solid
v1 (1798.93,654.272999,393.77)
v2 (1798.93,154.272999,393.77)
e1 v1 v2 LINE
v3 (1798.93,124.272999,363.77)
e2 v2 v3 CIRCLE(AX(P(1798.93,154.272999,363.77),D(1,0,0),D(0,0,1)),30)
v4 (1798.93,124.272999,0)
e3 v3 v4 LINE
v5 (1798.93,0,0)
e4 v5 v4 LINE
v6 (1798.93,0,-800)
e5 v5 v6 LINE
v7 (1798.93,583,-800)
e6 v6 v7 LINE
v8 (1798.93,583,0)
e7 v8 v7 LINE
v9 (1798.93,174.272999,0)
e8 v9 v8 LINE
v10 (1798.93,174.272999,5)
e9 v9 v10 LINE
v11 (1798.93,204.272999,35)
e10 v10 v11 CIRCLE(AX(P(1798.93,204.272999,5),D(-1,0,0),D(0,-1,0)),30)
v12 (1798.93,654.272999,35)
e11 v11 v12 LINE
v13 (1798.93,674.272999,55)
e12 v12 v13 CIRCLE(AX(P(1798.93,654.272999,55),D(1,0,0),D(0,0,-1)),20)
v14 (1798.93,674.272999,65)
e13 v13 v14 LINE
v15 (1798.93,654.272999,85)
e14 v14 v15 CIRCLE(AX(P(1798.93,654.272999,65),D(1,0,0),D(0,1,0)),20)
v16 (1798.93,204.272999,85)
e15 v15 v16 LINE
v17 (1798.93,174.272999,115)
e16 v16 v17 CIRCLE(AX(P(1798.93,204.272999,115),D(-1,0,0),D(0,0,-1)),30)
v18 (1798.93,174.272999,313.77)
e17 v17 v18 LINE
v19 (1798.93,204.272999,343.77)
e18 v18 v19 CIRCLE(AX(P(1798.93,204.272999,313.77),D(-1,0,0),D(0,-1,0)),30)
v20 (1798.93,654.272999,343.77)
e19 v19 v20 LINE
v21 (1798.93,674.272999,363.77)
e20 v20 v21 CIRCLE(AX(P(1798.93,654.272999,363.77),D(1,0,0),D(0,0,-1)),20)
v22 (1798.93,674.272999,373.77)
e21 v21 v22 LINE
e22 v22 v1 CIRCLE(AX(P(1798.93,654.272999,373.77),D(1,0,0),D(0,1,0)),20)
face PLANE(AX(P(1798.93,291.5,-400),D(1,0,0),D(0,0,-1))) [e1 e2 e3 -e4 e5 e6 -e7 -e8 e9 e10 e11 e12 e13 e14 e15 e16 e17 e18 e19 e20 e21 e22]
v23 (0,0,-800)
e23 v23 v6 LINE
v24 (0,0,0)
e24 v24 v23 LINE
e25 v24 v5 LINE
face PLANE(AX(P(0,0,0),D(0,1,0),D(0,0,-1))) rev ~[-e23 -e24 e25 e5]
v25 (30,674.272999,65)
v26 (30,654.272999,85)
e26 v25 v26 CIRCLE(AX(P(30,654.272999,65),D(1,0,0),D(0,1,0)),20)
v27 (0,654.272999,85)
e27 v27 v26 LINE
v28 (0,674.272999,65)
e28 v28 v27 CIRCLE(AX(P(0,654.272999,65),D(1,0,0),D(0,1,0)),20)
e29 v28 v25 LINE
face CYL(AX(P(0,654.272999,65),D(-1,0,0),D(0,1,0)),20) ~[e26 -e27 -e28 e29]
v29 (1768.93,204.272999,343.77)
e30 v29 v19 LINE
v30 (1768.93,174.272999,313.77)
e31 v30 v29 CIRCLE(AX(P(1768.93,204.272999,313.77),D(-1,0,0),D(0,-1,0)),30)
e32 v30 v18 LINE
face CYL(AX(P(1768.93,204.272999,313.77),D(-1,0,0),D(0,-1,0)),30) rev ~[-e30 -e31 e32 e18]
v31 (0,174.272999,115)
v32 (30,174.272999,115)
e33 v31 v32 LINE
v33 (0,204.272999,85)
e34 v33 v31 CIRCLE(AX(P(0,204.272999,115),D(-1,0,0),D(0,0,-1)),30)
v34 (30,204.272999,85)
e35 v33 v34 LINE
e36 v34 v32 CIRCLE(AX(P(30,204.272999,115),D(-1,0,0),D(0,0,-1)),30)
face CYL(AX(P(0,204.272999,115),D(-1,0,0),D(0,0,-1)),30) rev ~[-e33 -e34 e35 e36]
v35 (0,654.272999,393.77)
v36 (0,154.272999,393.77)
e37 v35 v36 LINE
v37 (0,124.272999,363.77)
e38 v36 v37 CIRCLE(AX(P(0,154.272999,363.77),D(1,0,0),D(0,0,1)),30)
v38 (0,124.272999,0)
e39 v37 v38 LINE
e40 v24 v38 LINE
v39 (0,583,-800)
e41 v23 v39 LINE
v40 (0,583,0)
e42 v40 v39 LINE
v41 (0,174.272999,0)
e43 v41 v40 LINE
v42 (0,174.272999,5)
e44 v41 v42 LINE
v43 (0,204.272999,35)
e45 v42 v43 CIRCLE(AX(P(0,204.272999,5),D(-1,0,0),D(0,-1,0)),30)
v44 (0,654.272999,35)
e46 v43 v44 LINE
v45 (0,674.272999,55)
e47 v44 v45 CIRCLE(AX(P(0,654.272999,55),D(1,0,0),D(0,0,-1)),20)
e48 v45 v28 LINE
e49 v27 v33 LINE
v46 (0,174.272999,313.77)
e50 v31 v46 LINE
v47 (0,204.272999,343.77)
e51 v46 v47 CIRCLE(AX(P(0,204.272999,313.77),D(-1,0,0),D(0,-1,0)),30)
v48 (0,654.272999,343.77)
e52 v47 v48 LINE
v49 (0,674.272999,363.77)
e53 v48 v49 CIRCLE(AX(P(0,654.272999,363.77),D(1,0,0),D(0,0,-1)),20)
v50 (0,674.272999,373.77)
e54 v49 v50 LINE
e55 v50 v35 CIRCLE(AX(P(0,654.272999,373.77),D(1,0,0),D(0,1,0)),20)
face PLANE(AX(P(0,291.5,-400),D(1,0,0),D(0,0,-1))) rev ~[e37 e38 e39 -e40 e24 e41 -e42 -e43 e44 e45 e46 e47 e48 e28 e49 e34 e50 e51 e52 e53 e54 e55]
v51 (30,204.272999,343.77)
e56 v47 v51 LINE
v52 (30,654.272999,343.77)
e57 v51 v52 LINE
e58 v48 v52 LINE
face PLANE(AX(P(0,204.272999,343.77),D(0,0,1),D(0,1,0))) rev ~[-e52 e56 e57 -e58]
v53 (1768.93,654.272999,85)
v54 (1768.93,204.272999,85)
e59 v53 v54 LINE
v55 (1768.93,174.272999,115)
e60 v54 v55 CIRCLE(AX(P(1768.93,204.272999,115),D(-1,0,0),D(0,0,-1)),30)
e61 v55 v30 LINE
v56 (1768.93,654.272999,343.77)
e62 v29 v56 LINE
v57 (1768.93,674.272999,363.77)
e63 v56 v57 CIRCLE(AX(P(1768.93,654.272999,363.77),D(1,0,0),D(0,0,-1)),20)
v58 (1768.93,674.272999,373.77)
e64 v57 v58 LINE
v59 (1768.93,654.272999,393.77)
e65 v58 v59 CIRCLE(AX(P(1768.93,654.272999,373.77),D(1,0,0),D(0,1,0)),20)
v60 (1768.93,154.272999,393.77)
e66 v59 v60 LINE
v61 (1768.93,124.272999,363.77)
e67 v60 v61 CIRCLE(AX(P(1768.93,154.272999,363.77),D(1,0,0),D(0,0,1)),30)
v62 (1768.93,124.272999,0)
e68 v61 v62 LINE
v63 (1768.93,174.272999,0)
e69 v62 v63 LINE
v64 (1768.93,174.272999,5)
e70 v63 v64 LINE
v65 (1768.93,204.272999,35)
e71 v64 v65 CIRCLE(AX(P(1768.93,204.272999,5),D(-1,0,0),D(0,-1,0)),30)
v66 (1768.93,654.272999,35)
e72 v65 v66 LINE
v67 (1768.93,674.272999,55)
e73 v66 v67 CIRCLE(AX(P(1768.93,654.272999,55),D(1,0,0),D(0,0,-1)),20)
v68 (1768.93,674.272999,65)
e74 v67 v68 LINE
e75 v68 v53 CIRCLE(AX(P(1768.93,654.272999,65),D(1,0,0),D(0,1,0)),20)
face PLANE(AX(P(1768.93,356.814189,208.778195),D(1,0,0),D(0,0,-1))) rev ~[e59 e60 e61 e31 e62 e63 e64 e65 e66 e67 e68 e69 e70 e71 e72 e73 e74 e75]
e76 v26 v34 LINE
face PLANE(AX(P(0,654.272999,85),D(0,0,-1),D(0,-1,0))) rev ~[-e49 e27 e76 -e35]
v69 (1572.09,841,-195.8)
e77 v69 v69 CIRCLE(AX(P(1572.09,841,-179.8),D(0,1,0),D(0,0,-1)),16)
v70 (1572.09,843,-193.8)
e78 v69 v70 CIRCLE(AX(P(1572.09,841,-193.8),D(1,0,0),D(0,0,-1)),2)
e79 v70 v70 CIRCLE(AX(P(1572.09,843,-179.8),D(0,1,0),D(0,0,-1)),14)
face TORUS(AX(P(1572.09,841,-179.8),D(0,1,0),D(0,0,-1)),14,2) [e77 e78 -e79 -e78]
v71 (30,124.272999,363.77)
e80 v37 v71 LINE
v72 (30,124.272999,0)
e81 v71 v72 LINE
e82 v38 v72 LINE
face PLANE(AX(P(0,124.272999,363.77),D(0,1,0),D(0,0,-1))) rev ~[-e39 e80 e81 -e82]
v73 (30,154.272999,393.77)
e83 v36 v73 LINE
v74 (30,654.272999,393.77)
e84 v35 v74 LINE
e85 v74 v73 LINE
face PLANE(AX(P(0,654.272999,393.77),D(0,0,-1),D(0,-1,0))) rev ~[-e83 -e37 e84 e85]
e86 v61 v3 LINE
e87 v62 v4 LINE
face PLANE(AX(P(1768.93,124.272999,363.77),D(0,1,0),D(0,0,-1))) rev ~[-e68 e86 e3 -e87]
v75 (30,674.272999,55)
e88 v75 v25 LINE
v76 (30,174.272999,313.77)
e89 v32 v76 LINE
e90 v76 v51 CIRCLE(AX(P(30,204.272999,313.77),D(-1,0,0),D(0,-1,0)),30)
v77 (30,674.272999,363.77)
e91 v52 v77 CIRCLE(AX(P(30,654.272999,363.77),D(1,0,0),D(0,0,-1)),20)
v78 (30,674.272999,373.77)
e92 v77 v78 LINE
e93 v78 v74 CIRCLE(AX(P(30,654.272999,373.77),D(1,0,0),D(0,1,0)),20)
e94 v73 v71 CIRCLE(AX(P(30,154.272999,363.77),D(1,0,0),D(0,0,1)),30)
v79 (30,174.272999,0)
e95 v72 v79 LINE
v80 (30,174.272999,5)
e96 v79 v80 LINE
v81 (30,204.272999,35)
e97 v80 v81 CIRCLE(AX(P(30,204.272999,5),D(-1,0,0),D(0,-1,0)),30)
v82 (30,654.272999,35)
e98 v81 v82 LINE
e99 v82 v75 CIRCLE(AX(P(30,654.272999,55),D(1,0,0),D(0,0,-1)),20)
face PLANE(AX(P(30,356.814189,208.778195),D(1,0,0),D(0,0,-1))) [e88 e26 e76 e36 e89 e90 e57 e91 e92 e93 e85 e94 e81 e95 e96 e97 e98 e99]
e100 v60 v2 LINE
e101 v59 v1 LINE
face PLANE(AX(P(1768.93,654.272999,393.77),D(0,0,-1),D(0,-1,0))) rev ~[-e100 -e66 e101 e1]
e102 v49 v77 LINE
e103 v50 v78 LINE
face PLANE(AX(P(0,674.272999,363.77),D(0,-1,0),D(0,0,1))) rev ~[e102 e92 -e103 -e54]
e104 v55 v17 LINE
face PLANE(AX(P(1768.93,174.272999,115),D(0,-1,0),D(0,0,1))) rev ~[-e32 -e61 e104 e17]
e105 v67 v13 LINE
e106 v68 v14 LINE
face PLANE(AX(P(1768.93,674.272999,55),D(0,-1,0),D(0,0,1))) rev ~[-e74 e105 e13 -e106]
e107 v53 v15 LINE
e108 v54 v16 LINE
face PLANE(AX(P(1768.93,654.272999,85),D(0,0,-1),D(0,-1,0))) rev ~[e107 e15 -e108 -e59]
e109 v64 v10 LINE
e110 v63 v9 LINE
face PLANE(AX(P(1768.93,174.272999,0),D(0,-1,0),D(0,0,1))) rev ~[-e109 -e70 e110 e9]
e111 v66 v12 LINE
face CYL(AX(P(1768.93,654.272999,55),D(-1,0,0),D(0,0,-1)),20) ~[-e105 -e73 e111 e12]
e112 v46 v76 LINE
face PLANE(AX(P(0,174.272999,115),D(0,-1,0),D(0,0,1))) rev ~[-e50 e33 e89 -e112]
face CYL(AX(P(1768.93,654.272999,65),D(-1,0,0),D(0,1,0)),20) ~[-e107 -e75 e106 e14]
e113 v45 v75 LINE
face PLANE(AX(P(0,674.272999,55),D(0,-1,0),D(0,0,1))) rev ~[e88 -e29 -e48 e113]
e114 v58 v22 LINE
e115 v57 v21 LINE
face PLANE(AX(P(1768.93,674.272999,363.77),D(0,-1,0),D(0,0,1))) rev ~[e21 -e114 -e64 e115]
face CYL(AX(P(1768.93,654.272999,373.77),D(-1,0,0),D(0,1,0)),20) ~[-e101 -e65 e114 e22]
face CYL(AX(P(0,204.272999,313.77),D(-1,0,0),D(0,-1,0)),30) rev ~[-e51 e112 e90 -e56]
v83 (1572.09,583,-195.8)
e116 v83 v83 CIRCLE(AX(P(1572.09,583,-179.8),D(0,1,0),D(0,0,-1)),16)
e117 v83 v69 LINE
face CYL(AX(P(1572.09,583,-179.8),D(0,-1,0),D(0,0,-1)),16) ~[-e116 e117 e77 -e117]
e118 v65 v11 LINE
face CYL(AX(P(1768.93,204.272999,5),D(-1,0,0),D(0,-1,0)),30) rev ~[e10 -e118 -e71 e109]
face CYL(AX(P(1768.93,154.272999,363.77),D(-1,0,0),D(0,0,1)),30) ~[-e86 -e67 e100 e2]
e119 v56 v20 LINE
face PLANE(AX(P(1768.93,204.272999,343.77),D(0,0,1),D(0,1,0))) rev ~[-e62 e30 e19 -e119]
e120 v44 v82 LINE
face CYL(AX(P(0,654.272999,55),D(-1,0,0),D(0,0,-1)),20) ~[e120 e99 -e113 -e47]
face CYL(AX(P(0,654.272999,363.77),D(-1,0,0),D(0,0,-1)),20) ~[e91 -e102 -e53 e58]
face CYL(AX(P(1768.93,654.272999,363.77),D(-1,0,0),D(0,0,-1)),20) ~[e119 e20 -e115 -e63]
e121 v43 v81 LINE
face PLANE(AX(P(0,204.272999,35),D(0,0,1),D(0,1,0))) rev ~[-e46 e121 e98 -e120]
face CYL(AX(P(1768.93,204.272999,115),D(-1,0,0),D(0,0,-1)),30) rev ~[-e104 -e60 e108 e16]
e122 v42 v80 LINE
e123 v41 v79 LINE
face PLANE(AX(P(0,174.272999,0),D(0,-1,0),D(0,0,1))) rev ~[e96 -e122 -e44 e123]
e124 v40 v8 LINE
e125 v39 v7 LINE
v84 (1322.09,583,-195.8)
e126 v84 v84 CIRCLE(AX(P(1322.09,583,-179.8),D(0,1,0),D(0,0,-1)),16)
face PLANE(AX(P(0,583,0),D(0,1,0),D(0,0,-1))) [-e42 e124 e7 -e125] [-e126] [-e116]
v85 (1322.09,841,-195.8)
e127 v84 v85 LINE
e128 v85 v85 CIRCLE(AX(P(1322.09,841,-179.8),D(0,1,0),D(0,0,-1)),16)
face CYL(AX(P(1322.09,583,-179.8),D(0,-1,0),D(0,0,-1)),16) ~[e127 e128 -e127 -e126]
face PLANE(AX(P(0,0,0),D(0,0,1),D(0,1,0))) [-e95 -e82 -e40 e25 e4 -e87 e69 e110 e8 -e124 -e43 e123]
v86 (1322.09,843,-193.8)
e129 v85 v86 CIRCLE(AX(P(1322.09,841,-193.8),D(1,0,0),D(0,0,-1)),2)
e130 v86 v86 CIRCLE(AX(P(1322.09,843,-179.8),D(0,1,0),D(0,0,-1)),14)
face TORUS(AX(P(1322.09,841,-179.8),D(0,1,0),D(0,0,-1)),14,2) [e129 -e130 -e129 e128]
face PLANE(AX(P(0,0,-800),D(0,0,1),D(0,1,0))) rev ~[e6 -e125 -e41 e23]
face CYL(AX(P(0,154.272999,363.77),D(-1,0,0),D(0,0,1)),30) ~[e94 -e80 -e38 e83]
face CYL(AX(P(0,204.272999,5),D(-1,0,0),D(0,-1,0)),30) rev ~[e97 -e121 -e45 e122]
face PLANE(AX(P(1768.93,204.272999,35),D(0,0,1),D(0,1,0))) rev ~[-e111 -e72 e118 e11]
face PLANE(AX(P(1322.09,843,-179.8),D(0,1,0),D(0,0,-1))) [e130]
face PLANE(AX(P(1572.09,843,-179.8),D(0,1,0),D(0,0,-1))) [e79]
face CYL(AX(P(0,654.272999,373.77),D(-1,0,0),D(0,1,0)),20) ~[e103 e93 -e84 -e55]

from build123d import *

# Parameters (mm, degrees)
SKETCH1_W           = 800
SKETCH1_H           = 583
BOSS_EXTRUDE1_DEPTH = 1798.93
SKETCH2_R           = 16
BOSS_EXTRUDE2_DEPTH = 260
LPATTERN1_COUNT     = 2
LPATTERN1_PITCH     = 250
BOSS_EXTRUDE4_DEPTH = 30
LPATTERN3_COUNT     = 2
LPATTERN3_PITCH     = 1768.93
FILLET1_R           = 2


with BuildPart() as part:
    # Sketch1 → Boss-Extrude1 (new body)
    with BuildSketch(Plane(origin=(0, 0, 0), x_dir=(0, 0, -1), z_dir=(1, 0, 0))):
        with Locations((400, 291.5)):
            Rectangle(SKETCH1_W, SKETCH1_H)
    extrude(amount=BOSS_EXTRUDE1_DEPTH)

    # Sketch2 → Boss-Extrude2 (add)
    with BuildSketch(Plane(origin=(0, 583, 0), x_dir=(1, 0, 0), z_dir=(0, 1, 0))):
        with Locations(Location((1572.09, 179.8, 0), (0, 0, 90))):
            Circle(SKETCH2_R)
    boss_extrude2 = extrude(amount=BOSS_EXTRUDE2_DEPTH)

    # LPattern1: Boss-Extrude2 ×2
    with Locations(*[(-i * LPATTERN1_PITCH, 0, 0) for i in range(1, LPATTERN1_COUNT)]):
        add(boss_extrude2)

    # Sketch3 → Boss-Extrude4 (add)
    with BuildSketch(Plane.ZY):
        with BuildLine():
            Line((0, 174.272998957), (5, 174.272998957))
            ThreePointArc((5, 174.272998957), (26.213203436, 183.059795522), (35, 204.272998957))
            Line((35, 204.272998957), (35, 654.272998957))
            ThreePointArc((35, 654.272998957), (40.857864376, 668.415134581), (55, 674.272998957))
            Line((55, 674.272998957), (65, 674.272998957))
            ThreePointArc((65, 674.272998957), (79.142135624, 668.415134581), (85, 654.272998957))
            Line((85, 654.272998957), (85, 204.272998957))
            ThreePointArc((85, 204.272998957), (93.786796564, 183.059795522), (115, 174.272998957))
            Line((115, 174.272998957), (313.77, 174.272998957))
            ThreePointArc((313.77, 174.272998957), (334.983203436, 183.059795522), (343.77, 204.272998957))
            Line((343.77, 204.272998957), (343.77, 654.272998957))
            ThreePointArc((343.77, 654.272998957), (349.627864376, 668.415134581), (363.77, 674.272998957))
            Line((363.77, 674.272998957), (373.77, 674.272998957))
            ThreePointArc((373.77, 674.272998957), (387.912135624, 668.415134581), (393.77, 654.272998957))
            Line((393.77, 654.272998957), (393.77, 154.272998957))
            ThreePointArc((393.77, 154.272998957), (384.983203436, 133.059795522), (363.77, 124.272998957))
            Line((363.77, 124.272998957), (0, 124.272998957))
            Line((0, 124.272998957), (0, 174.272998957))
        make_face()
    boss_extrude4 = extrude(amount=-BOSS_EXTRUDE4_DEPTH)

    # LPattern3: Boss-Extrude4 ×2
    with Locations(*[(i * LPATTERN3_PITCH, 0, 0) for i in range(1, LPATTERN3_COUNT)]):
        add(boss_extrude4)

    # Fillet1
    fillet1_edges = [part.edges().sort_by_distance(p)[0] for p in [
        (1572.09, 843, -163.8),
        (1322.09, 843, -163.8),
    ]]
    fillet(fillet1_edges, radius=FILLET1_R)


solid = part.part
